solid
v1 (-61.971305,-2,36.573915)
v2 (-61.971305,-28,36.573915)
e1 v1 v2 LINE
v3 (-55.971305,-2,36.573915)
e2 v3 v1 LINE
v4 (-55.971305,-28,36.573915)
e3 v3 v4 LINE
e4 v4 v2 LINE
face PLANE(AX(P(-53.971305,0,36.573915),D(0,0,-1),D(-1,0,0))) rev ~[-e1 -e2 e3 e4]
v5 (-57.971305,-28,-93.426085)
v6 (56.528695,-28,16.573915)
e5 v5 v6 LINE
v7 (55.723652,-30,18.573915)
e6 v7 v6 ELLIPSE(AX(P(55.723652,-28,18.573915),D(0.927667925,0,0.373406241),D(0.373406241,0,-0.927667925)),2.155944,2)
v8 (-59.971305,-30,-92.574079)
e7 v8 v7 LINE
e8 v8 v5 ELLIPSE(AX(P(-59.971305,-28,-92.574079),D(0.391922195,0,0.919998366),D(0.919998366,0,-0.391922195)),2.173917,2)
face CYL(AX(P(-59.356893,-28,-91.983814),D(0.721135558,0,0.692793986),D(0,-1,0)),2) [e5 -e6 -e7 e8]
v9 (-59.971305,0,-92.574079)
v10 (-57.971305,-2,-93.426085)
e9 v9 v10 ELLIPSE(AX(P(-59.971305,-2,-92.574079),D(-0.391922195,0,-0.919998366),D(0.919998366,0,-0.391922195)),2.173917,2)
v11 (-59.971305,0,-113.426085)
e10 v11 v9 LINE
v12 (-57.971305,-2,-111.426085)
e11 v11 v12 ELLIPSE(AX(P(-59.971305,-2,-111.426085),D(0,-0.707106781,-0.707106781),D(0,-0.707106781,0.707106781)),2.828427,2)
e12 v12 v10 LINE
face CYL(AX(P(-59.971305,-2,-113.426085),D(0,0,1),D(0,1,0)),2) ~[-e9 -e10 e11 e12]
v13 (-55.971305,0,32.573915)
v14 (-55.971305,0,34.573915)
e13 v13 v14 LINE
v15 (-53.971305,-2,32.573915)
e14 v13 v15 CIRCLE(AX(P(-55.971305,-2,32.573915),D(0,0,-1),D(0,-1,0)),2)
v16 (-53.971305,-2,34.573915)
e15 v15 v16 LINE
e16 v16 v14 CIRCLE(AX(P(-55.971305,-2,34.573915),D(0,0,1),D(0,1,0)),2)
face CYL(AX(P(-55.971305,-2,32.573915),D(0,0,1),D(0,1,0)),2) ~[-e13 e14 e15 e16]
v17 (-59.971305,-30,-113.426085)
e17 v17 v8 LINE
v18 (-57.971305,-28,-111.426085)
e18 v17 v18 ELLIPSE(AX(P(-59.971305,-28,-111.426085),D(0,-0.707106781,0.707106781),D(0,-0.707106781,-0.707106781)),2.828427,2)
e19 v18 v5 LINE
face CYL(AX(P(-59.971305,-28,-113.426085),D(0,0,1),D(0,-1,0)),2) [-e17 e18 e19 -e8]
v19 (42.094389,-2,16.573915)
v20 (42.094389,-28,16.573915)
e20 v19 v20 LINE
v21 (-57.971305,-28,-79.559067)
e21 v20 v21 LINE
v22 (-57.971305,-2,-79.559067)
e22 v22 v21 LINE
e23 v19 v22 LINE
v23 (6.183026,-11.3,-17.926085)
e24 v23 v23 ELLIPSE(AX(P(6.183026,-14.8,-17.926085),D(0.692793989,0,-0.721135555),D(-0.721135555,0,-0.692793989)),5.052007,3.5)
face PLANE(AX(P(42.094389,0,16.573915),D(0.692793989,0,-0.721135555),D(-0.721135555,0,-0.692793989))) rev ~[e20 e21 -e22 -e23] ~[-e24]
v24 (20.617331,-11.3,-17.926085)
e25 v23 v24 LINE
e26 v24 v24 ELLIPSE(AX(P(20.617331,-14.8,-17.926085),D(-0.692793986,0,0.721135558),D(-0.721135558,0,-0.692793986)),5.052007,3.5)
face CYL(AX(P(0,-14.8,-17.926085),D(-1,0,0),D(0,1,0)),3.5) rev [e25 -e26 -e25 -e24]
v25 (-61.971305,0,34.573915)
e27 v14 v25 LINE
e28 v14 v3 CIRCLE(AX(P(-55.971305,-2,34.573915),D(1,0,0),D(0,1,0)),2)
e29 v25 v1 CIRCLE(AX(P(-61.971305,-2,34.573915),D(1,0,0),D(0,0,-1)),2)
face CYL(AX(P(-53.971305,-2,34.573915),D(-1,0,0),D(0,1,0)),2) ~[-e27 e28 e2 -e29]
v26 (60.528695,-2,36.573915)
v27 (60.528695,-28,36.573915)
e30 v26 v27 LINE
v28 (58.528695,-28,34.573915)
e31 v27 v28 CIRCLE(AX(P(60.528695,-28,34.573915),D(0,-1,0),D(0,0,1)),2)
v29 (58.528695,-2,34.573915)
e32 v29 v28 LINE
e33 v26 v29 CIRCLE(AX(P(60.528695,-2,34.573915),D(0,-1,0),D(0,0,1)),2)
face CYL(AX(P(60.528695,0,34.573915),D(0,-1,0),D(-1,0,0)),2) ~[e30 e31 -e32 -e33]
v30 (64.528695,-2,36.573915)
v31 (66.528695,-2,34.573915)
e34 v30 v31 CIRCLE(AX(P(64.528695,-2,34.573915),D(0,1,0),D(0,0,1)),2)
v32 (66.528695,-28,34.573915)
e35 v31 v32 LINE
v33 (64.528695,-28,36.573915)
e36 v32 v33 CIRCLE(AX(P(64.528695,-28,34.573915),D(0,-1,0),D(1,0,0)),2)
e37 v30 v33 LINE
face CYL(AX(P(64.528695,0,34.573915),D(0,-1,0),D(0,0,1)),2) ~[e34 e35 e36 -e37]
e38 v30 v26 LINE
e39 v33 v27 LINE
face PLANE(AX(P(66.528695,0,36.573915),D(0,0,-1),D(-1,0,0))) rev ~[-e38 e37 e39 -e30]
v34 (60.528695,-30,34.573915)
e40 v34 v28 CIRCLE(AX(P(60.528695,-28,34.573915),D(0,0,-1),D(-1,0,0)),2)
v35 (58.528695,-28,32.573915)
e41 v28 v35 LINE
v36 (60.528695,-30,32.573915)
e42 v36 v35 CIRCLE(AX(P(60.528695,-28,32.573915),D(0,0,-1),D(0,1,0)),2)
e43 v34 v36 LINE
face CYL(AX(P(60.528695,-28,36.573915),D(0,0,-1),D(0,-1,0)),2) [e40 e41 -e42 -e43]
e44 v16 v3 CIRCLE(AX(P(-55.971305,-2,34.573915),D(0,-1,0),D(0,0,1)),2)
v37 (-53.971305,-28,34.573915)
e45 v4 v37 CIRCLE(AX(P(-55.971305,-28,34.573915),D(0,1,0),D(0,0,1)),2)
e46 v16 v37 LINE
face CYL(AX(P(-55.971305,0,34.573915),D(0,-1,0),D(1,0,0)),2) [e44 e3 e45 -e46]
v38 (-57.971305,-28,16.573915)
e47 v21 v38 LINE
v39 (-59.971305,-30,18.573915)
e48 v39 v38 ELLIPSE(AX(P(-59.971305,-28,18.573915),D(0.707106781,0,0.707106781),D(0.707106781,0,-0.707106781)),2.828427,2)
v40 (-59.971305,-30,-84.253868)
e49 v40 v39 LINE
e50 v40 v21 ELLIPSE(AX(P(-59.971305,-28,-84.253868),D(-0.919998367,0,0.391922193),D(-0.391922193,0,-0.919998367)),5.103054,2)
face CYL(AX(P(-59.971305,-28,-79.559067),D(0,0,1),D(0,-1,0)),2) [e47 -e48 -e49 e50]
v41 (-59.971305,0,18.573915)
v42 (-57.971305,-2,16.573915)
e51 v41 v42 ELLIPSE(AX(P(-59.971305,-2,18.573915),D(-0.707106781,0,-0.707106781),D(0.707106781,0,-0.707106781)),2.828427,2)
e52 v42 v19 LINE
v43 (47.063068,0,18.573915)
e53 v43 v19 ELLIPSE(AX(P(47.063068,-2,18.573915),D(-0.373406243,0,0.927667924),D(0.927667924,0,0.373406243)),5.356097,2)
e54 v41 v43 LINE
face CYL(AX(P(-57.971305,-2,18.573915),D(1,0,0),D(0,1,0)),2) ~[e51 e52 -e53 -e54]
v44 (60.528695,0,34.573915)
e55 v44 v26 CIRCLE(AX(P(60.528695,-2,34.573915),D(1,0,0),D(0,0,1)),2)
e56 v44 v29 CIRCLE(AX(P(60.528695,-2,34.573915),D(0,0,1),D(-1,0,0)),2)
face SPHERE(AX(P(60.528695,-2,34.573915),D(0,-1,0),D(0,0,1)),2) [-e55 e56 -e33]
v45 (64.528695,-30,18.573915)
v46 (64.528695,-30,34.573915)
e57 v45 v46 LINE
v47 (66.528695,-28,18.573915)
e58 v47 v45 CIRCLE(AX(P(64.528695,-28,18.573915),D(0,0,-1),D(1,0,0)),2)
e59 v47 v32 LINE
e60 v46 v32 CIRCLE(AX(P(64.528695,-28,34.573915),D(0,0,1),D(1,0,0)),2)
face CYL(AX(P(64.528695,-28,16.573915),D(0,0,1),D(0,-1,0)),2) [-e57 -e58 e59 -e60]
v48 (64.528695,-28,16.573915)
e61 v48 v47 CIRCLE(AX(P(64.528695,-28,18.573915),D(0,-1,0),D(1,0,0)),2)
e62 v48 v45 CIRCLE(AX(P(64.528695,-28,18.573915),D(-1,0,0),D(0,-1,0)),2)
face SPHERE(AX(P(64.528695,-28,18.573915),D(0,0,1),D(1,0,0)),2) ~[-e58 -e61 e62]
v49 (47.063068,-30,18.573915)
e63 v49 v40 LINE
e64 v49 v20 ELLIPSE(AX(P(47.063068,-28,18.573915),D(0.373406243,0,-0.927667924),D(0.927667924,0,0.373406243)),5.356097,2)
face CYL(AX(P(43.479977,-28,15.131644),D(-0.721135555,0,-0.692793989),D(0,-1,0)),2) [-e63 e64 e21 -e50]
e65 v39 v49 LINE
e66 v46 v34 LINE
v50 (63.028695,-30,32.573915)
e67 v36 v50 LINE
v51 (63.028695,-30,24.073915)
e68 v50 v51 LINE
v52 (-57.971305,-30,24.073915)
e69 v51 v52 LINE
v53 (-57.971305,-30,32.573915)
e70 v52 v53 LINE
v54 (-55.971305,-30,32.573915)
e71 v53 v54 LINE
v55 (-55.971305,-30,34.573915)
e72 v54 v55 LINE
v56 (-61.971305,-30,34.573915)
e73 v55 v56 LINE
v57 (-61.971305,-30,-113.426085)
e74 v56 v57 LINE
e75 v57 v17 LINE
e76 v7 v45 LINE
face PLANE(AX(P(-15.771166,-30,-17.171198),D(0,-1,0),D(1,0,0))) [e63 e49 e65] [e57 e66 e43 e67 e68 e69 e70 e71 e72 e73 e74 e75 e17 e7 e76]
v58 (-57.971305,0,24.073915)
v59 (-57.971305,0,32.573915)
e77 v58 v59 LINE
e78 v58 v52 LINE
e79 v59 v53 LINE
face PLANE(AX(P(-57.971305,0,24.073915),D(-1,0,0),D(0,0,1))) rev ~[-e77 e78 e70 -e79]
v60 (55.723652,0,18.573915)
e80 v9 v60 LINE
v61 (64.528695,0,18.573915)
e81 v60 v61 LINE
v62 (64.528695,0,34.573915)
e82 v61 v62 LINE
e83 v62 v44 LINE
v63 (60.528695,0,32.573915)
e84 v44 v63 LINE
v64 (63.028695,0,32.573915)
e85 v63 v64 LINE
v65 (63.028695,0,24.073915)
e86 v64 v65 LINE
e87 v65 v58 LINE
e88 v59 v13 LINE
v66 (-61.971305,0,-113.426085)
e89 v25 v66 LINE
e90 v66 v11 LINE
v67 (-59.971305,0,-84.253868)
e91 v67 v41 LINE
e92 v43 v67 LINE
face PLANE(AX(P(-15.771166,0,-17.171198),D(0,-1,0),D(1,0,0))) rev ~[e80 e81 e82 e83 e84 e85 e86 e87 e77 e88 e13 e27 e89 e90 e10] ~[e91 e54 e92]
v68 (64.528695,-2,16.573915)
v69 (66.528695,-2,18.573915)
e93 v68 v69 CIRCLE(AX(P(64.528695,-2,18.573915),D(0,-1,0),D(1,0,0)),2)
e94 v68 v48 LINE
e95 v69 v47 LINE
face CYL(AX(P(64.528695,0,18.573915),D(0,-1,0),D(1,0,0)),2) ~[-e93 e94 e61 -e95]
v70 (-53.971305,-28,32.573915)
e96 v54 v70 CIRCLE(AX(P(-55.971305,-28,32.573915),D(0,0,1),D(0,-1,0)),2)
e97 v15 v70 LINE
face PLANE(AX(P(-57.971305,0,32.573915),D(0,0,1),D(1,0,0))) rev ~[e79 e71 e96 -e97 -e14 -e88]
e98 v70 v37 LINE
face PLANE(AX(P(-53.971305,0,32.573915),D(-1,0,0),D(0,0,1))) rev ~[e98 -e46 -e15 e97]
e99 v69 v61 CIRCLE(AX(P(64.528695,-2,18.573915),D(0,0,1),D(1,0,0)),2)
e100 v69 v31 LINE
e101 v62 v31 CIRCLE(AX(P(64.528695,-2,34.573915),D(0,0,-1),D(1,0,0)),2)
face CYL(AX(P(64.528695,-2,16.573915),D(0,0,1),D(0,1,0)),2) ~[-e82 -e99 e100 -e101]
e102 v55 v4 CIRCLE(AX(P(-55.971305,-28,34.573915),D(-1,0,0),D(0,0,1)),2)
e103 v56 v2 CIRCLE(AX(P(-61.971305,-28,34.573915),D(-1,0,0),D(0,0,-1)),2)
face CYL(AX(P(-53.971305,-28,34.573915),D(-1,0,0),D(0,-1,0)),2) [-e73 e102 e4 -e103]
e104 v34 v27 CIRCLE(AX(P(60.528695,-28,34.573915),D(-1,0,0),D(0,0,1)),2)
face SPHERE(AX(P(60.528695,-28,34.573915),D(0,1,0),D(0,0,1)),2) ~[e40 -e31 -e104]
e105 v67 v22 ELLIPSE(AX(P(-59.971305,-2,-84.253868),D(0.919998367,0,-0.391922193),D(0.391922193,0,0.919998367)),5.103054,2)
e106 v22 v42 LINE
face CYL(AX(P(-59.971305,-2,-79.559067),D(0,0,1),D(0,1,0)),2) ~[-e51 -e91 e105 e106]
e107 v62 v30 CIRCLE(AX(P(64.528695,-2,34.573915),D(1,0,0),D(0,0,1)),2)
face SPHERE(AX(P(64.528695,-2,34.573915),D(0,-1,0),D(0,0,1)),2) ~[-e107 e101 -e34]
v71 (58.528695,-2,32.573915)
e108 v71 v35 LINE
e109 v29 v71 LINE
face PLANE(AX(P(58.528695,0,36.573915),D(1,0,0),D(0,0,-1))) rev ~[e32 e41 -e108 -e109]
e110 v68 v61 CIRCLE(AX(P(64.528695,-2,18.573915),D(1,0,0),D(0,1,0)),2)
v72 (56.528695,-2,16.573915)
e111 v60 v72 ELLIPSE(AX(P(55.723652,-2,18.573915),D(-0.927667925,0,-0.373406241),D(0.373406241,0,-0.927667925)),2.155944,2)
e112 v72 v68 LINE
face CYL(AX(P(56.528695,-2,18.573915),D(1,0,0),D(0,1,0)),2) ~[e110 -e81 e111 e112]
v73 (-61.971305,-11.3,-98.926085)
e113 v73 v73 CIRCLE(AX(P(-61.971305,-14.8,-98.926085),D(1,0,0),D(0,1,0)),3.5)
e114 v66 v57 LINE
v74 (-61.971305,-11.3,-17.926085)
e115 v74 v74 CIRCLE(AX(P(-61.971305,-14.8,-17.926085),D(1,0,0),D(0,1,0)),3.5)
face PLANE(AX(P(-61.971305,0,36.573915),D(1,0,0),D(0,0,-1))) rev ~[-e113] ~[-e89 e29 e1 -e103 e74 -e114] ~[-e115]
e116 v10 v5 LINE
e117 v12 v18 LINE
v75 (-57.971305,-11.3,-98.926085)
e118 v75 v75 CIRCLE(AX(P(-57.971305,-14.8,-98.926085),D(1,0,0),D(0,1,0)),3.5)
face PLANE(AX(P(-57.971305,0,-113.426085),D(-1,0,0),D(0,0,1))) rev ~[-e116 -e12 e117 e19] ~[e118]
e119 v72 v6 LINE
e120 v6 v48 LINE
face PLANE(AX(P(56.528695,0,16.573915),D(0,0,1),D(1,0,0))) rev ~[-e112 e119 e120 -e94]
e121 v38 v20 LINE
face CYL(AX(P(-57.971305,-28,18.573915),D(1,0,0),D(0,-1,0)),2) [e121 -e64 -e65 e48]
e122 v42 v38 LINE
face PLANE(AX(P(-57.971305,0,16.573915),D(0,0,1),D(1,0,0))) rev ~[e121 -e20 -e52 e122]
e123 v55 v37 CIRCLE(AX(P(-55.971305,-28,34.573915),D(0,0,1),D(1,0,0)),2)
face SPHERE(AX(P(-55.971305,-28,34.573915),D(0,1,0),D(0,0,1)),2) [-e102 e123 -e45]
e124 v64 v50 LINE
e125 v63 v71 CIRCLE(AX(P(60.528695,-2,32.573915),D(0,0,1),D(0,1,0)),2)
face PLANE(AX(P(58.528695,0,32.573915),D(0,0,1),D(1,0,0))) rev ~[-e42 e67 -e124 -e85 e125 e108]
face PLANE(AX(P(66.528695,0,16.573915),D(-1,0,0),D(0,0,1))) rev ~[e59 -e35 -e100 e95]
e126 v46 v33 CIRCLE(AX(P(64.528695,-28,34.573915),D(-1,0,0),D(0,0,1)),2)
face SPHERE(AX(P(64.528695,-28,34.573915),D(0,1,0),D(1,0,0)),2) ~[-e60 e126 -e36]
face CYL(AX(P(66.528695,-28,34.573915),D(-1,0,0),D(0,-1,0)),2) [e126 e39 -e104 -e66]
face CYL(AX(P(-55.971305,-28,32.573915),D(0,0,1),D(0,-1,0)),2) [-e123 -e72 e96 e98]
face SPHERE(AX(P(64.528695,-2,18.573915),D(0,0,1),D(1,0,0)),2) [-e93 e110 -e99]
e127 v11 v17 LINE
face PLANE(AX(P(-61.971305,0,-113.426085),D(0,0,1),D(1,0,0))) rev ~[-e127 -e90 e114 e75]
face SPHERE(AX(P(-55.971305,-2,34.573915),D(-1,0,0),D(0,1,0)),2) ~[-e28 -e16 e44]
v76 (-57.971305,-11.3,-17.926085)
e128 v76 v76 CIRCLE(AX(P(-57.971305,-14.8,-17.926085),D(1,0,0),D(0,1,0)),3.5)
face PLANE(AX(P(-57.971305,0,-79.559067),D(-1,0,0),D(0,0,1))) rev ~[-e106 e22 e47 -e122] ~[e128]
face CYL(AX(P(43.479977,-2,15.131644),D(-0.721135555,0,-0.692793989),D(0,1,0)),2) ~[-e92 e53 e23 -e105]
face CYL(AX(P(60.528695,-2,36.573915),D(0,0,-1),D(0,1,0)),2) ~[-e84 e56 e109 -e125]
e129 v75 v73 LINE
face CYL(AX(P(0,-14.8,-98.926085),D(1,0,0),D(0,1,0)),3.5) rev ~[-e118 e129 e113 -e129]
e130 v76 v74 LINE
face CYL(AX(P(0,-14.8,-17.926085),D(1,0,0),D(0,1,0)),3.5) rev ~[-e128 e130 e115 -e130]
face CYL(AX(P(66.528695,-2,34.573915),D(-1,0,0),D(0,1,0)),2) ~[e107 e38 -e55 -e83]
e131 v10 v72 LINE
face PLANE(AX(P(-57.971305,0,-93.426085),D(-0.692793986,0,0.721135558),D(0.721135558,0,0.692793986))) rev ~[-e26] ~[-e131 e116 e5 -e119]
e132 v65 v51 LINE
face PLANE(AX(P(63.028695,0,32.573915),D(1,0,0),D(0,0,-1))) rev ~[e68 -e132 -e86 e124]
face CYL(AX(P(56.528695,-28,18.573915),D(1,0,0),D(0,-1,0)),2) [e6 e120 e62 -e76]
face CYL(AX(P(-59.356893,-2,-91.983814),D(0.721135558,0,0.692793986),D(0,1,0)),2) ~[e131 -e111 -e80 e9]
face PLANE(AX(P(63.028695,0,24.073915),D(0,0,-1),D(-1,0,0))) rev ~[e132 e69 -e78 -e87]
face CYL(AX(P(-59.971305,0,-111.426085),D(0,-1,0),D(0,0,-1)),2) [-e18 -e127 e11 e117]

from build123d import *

# Parameters (mm, degrees)
F1_DEPTH      = 30
F2_R          = 3.5
F3_DEPTH      = 73.1
F4_DEPTH      = 25
F4_DEPTH_BACK = 25
F5_R          = 2


with BuildPart() as f1:
    # F0 (on Front) → F1 (new body)
    with BuildSketch(Plane.XZ):
        Polygon((-57.971305, 24.073915), (-57.971305, 32.573915), (-53.971305, 32.573915), (-53.971305, 36.573915), (-61.971305, 36.573915), (-61.971305, -113.426085), (-57.971305, -113.426085), (-57.971305, -93.426085), (56.528695, 16.573915), (66.528695, 16.573915), (66.528695, 36.573915), (58.528695, 36.573915), (58.528695, 32.573915), (63.028695, 32.573915), (63.028695, 24.073915), align=None)
        Polygon((-57.971305, -79.559067), (-57.971305, 16.573915), (42.094389, 16.573915), align=None, mode=Mode.SUBTRACT)
    extrude(amount=F1_DEPTH)

    # F2 (on Right) → F3 (cut)
    with BuildSketch(Plane.YZ):
        with Locations((-14.8, -98.926085)):
            Circle(F2_R)
        with Locations((-14.8, -17.926085)):
            Circle(F2_R)
    extrude(amount=-F3_DEPTH, mode=Mode.SUBTRACT)

    # F2 (on Right) → F4 (cut, two sides)
    with BuildSketch(Plane.YZ) as f4_sk:
        with Locations((-14.8, -98.926085)):
            Circle(F2_R)
        with Locations((-14.8, -17.926085)):
            Circle(F2_R)
    extrude(amount=F4_DEPTH, mode=Mode.SUBTRACT)
    extrude(f4_sk.sketch, amount=-F4_DEPTH_BACK, mode=Mode.SUBTRACT)

    # F5
    f5_edges = [f1.edges().sort_by_distance(p)[0] for p in [
        (66.528695, -15, 36.573915),
        (58.528695, -15, 36.573915),
        (66.528695, -30, 26.573915),
        (62.528695, -30, 36.573915),
        (62.528695, 0, 36.573915),
        (66.528695, 0, 26.573915),
        (58.528695, 0, 34.573915),
        (58.528695, -30, 34.573915),
        (66.528695, -15, 16.573915),
        (61.528695, -30, 16.573915),
        (61.528695, 0, 16.573915),
        (-7.938458, -30, 16.573915),
        (-7.938458, 0, 16.573915),
        (-0.721305, -30, -38.426085),
        (-7.938458, -30, -31.492576),
        (-57.971305, -30, -31.492576),
        (-57.971305, 0, -31.492576),
        (-0.721305, 0, -38.426085),
        (-7.938458, 0, -31.492576),
        (-57.971305, -15, -113.426085),
        (-57.971305, 0, -103.426085),
        (-57.971305, -30, -103.426085),
        (-57.971305, 0, 36.573915),
        (-53.971305, 0, 34.573915),
        (-53.971305, -15, 36.573915),
        (-57.971305, -30, 36.573915),
        (-53.971305, -30, 34.573915),
    ]]
    fillet(f5_edges, radius=F5_R)


solid = f1.part
